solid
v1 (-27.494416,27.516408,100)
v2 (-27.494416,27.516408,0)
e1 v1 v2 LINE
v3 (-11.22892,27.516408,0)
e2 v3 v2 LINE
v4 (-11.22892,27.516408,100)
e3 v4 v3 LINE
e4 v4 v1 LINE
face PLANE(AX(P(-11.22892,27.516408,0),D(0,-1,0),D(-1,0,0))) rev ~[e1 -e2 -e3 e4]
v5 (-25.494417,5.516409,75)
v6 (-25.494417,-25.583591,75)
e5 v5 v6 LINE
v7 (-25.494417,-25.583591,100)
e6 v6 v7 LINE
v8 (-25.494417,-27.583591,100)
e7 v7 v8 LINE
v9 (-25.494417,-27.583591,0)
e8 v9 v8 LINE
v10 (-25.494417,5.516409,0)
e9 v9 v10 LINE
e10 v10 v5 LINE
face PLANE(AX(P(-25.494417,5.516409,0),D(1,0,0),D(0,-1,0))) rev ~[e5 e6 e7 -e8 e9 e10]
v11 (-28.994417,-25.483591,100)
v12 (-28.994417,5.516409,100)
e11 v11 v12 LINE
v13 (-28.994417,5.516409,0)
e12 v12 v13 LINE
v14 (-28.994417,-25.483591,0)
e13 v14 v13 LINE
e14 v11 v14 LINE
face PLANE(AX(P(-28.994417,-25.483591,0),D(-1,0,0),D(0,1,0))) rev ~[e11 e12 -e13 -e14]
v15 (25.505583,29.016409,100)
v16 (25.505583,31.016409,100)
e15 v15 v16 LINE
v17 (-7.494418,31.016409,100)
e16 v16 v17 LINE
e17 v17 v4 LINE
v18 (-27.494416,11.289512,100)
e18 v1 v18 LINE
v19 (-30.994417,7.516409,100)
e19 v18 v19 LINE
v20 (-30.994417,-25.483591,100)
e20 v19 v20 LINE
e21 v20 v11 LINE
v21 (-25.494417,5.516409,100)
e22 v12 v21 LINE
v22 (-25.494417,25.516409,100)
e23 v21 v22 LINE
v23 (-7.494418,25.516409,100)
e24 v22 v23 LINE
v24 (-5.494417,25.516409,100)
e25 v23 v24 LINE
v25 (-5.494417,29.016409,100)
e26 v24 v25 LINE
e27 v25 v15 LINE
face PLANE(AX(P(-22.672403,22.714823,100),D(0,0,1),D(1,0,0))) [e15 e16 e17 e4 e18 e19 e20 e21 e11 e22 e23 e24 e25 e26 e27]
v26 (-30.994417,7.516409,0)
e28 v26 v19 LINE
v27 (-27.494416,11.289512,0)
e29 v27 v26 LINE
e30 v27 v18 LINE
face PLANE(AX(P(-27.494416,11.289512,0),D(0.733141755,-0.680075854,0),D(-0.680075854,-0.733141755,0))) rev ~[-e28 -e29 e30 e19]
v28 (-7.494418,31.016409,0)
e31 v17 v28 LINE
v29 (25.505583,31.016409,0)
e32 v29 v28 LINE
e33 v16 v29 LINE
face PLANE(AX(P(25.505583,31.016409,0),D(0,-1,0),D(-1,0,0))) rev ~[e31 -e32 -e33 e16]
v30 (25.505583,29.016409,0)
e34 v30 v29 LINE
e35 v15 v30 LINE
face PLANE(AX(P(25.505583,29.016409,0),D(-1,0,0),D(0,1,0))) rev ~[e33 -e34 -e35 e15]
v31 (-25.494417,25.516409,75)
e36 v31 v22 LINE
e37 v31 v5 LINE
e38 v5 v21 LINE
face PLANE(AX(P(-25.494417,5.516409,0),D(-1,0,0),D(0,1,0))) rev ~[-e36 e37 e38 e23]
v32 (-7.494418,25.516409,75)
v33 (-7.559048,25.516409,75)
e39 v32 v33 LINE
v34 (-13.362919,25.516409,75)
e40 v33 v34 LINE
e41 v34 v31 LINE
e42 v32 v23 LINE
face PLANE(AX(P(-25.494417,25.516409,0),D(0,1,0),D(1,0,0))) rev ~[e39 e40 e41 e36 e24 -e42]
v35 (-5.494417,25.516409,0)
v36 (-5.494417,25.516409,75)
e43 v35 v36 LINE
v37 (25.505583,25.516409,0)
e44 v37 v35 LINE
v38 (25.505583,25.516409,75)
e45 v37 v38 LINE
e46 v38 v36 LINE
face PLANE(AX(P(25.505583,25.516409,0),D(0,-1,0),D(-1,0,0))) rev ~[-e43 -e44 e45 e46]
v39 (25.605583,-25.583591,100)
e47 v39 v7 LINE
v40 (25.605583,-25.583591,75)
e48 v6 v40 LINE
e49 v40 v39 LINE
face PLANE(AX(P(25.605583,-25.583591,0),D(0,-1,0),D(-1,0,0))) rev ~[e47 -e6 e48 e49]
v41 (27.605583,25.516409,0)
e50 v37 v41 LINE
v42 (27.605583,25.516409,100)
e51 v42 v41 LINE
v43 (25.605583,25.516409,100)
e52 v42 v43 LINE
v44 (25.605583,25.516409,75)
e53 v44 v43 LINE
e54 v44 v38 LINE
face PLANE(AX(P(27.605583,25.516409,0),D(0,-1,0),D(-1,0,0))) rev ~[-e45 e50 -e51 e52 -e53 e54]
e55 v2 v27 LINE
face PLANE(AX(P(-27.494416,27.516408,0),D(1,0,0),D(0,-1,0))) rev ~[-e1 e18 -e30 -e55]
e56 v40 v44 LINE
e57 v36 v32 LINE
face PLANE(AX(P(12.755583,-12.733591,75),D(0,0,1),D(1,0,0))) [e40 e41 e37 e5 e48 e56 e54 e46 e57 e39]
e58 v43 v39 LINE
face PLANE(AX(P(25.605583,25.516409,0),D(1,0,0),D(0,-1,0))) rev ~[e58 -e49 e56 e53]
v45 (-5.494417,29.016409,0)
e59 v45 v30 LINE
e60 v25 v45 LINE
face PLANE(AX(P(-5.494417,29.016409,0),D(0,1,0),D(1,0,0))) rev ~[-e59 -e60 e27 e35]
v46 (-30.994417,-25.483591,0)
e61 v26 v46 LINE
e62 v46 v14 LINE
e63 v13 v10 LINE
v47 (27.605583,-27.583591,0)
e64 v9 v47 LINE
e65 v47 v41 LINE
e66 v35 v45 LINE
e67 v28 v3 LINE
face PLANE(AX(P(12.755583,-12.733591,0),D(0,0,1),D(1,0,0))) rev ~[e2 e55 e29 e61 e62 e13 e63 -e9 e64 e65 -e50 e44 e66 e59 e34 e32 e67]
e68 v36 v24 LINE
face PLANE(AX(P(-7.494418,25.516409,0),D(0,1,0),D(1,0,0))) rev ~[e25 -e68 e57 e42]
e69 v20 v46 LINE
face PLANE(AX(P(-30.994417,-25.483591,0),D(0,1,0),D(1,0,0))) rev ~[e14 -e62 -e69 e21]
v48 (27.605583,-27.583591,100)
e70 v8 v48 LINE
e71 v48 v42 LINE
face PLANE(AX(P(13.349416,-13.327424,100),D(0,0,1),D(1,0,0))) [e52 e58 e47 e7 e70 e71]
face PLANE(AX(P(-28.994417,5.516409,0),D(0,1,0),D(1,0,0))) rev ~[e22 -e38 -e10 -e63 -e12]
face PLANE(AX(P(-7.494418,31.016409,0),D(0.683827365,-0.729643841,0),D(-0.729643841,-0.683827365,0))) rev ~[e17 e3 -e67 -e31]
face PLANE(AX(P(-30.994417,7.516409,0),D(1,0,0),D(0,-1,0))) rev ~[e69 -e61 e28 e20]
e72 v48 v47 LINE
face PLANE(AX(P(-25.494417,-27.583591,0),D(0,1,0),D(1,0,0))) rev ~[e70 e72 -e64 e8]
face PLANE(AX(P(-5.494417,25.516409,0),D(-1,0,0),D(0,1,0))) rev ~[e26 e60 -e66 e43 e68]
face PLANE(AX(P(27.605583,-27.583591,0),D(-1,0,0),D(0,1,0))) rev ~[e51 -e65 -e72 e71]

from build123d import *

# Parameters (mm, degrees)
F0_W     = 25.5
F0_H     = 25.5
F0_W_2   = 1.9999993742
F0_H_2   = 2
F0_W_3   = 2.0000008792
F0_H_3   = 1.9999993742
F1_DEPTH = 75
F2_DEPTH = 100


with BuildPart() as f1:
    # F0 (on Top) → F1 (new body)
    with BuildSketch(Plane.XY):
        with Locations((12.755583182, -12.733591482)):
            Rectangle(F0_W, F0_H)
        Polygon((-13.3629189804, 25.516408518), (-25.494416818, 25.516408518), (-25.494416818, 13.4455701336), (-25.494416818, 7.5299879536), (-25.494416818, 7.516408518), (-25.494416818, 5.516408518), (-25.494416818, 0.016408518), (0.005583182, 0.016408518), (0.005583182, 25.516408518), (-5.494416818, 25.516408518), (-7.4944176972, 25.516408518), (-7.5590480119, 25.516408518), align=None)
        with Locations((-26.4944165051, 6.516408518)):
            Rectangle(F0_W_2, F0_H_2)
        with Locations((-6.4944172576, 26.516408205)):
            Rectangle(F0_W_3, F0_H_3)
        Polygon((27.605583182, 25.516408518), (25.605583182, 25.516408518), (25.605583182, -25.583591482), (-25.494416818, -25.583591482), (-25.494416818, -27.583591482), (27.605583182, -27.583591482), align=None)
        Polygon((-27.4944161922, 7.516408518), (-27.4944161922, 7.5250499785), (-30.994416818, 7.516408518), align=None)
        Polygon((-7.4944176972, 31.0164093971), (-7.5355460904, 27.5164078921), (-7.4944176972, 27.5164078921), align=None)
        Polygon((-25.494416818, 13.4455701336), (-25.494416818, 25.516408518), (-13.3629189804, 25.516408518), (-11.2289195227, 27.5164078921), (-27.4944161922, 27.5164078921), (-27.4944161922, 11.289512039), align=None)
        Polygon((-27.4944161922, 7.516408518), (-30.994416818, 7.516408518), (-30.994416818, -25.483591482), (-28.994416818, -25.483591482), (-28.994416818, 5.516408518), (-27.4944161922, 5.516408518), align=None)
        Polygon((25.505583182, 31.0164093971), (-7.4944176972, 31.0164093971), (-7.4944176972, 27.5164078921), (-5.494416818, 27.5164078921), (-5.494416818, 29.016408518), (25.505583182, 29.016408518), align=None)
        with Locations((12.755583182, 12.766408518)):
            Rectangle(F0_W, F0_H)
        Polygon((25.605583182, 25.516408518), (25.505583182, 25.516408518), (25.505583182, 0.016408518), (25.505583182, -25.483591482), (0.005583182, -25.483591482), (-25.494416818, -25.483591482), (-25.494416818, -25.583591482), (25.605583182, -25.583591482), align=None)
        with Locations((-12.744416818, -12.733591482)):
            Rectangle(F0_W, F0_H)
        Polygon((-25.494416818, 7.516408518), (-25.494416818, 7.5299879536), (-27.4944161922, 7.5250499785), (-27.4944161922, 7.516408518), align=None)
        Polygon((-7.5355460904, 27.5164078921), (-7.5590480119, 25.516408518), (-7.4944176972, 25.516408518), (-7.4944176972, 27.5164078921), align=None)
    extrude(amount=F1_DEPTH)

    # F0 (on Top) → F2 (join)
    with BuildSketch(Plane.XY):
        Polygon((-25.494416818, 13.4455701336), (-25.494416818, 25.516408518), (-13.3629189804, 25.516408518), (-11.2289195227, 27.5164078921), (-27.4944161922, 27.5164078921), (-27.4944161922, 11.289512039), align=None)
        Polygon((-7.5355460904, 27.5164078921), (-7.5590480119, 25.516408518), (-7.4944176972, 25.516408518), (-7.4944176972, 27.5164078921), align=None)
        Polygon((-7.4944176972, 31.0164093971), (-7.5355460904, 27.5164078921), (-7.4944176972, 27.5164078921), align=None)
        Polygon((25.505583182, 31.0164093971), (-7.4944176972, 31.0164093971), (-7.4944176972, 27.5164078921), (-5.494416818, 27.5164078921), (-5.494416818, 29.016408518), (25.505583182, 29.016408518), align=None)
        with Locations((-6.4944172576, 26.516408205)):
            Rectangle(F0_W_3, F0_H_3)
        Polygon((-27.4944161922, 7.516408518), (-30.994416818, 7.516408518), (-30.994416818, -25.483591482), (-28.994416818, -25.483591482), (-28.994416818, 5.516408518), (-27.4944161922, 5.516408518), align=None)
        Polygon((-27.4944161922, 7.516408518), (-27.4944161922, 7.5250499785), (-30.994416818, 7.516408518), align=None)
        Polygon((-25.494416818, 7.516408518), (-25.494416818, 7.5299879536), (-27.4944161922, 7.5250499785), (-27.4944161922, 7.516408518), align=None)
        with Locations((-26.4944165051, 6.516408518)):
            Rectangle(F0_W_2, F0_H_2)
        Polygon((27.605583182, 25.516408518), (25.605583182, 25.516408518), (25.605583182, -25.583591482), (-25.494416818, -25.583591482), (-25.494416818, -27.583591482), (27.605583182, -27.583591482), align=None)
        Polygon((-25.494416818, 7.5299879536), (-25.494416818, 13.4455701336), (-27.4944161922, 11.289512039), (-27.4944161922, 7.5250499785), align=None)
        Polygon((-27.4944161922, 7.5250499785), (-27.4944161922, 11.289512039), (-30.994416818, 7.516408518), align=None)
        Polygon((-7.4944176972, 31.0164093971), (-11.2289195227, 27.5164078921), (-7.5355460904, 27.5164078921), align=None)
        Polygon((-11.2289195227, 27.5164078921), (-13.3629189804, 25.516408518), (-7.5590480119, 25.516408518), (-7.5355460904, 27.5164078921), align=None)
    extrude(amount=F2_DEPTH)


solid = f1.part
